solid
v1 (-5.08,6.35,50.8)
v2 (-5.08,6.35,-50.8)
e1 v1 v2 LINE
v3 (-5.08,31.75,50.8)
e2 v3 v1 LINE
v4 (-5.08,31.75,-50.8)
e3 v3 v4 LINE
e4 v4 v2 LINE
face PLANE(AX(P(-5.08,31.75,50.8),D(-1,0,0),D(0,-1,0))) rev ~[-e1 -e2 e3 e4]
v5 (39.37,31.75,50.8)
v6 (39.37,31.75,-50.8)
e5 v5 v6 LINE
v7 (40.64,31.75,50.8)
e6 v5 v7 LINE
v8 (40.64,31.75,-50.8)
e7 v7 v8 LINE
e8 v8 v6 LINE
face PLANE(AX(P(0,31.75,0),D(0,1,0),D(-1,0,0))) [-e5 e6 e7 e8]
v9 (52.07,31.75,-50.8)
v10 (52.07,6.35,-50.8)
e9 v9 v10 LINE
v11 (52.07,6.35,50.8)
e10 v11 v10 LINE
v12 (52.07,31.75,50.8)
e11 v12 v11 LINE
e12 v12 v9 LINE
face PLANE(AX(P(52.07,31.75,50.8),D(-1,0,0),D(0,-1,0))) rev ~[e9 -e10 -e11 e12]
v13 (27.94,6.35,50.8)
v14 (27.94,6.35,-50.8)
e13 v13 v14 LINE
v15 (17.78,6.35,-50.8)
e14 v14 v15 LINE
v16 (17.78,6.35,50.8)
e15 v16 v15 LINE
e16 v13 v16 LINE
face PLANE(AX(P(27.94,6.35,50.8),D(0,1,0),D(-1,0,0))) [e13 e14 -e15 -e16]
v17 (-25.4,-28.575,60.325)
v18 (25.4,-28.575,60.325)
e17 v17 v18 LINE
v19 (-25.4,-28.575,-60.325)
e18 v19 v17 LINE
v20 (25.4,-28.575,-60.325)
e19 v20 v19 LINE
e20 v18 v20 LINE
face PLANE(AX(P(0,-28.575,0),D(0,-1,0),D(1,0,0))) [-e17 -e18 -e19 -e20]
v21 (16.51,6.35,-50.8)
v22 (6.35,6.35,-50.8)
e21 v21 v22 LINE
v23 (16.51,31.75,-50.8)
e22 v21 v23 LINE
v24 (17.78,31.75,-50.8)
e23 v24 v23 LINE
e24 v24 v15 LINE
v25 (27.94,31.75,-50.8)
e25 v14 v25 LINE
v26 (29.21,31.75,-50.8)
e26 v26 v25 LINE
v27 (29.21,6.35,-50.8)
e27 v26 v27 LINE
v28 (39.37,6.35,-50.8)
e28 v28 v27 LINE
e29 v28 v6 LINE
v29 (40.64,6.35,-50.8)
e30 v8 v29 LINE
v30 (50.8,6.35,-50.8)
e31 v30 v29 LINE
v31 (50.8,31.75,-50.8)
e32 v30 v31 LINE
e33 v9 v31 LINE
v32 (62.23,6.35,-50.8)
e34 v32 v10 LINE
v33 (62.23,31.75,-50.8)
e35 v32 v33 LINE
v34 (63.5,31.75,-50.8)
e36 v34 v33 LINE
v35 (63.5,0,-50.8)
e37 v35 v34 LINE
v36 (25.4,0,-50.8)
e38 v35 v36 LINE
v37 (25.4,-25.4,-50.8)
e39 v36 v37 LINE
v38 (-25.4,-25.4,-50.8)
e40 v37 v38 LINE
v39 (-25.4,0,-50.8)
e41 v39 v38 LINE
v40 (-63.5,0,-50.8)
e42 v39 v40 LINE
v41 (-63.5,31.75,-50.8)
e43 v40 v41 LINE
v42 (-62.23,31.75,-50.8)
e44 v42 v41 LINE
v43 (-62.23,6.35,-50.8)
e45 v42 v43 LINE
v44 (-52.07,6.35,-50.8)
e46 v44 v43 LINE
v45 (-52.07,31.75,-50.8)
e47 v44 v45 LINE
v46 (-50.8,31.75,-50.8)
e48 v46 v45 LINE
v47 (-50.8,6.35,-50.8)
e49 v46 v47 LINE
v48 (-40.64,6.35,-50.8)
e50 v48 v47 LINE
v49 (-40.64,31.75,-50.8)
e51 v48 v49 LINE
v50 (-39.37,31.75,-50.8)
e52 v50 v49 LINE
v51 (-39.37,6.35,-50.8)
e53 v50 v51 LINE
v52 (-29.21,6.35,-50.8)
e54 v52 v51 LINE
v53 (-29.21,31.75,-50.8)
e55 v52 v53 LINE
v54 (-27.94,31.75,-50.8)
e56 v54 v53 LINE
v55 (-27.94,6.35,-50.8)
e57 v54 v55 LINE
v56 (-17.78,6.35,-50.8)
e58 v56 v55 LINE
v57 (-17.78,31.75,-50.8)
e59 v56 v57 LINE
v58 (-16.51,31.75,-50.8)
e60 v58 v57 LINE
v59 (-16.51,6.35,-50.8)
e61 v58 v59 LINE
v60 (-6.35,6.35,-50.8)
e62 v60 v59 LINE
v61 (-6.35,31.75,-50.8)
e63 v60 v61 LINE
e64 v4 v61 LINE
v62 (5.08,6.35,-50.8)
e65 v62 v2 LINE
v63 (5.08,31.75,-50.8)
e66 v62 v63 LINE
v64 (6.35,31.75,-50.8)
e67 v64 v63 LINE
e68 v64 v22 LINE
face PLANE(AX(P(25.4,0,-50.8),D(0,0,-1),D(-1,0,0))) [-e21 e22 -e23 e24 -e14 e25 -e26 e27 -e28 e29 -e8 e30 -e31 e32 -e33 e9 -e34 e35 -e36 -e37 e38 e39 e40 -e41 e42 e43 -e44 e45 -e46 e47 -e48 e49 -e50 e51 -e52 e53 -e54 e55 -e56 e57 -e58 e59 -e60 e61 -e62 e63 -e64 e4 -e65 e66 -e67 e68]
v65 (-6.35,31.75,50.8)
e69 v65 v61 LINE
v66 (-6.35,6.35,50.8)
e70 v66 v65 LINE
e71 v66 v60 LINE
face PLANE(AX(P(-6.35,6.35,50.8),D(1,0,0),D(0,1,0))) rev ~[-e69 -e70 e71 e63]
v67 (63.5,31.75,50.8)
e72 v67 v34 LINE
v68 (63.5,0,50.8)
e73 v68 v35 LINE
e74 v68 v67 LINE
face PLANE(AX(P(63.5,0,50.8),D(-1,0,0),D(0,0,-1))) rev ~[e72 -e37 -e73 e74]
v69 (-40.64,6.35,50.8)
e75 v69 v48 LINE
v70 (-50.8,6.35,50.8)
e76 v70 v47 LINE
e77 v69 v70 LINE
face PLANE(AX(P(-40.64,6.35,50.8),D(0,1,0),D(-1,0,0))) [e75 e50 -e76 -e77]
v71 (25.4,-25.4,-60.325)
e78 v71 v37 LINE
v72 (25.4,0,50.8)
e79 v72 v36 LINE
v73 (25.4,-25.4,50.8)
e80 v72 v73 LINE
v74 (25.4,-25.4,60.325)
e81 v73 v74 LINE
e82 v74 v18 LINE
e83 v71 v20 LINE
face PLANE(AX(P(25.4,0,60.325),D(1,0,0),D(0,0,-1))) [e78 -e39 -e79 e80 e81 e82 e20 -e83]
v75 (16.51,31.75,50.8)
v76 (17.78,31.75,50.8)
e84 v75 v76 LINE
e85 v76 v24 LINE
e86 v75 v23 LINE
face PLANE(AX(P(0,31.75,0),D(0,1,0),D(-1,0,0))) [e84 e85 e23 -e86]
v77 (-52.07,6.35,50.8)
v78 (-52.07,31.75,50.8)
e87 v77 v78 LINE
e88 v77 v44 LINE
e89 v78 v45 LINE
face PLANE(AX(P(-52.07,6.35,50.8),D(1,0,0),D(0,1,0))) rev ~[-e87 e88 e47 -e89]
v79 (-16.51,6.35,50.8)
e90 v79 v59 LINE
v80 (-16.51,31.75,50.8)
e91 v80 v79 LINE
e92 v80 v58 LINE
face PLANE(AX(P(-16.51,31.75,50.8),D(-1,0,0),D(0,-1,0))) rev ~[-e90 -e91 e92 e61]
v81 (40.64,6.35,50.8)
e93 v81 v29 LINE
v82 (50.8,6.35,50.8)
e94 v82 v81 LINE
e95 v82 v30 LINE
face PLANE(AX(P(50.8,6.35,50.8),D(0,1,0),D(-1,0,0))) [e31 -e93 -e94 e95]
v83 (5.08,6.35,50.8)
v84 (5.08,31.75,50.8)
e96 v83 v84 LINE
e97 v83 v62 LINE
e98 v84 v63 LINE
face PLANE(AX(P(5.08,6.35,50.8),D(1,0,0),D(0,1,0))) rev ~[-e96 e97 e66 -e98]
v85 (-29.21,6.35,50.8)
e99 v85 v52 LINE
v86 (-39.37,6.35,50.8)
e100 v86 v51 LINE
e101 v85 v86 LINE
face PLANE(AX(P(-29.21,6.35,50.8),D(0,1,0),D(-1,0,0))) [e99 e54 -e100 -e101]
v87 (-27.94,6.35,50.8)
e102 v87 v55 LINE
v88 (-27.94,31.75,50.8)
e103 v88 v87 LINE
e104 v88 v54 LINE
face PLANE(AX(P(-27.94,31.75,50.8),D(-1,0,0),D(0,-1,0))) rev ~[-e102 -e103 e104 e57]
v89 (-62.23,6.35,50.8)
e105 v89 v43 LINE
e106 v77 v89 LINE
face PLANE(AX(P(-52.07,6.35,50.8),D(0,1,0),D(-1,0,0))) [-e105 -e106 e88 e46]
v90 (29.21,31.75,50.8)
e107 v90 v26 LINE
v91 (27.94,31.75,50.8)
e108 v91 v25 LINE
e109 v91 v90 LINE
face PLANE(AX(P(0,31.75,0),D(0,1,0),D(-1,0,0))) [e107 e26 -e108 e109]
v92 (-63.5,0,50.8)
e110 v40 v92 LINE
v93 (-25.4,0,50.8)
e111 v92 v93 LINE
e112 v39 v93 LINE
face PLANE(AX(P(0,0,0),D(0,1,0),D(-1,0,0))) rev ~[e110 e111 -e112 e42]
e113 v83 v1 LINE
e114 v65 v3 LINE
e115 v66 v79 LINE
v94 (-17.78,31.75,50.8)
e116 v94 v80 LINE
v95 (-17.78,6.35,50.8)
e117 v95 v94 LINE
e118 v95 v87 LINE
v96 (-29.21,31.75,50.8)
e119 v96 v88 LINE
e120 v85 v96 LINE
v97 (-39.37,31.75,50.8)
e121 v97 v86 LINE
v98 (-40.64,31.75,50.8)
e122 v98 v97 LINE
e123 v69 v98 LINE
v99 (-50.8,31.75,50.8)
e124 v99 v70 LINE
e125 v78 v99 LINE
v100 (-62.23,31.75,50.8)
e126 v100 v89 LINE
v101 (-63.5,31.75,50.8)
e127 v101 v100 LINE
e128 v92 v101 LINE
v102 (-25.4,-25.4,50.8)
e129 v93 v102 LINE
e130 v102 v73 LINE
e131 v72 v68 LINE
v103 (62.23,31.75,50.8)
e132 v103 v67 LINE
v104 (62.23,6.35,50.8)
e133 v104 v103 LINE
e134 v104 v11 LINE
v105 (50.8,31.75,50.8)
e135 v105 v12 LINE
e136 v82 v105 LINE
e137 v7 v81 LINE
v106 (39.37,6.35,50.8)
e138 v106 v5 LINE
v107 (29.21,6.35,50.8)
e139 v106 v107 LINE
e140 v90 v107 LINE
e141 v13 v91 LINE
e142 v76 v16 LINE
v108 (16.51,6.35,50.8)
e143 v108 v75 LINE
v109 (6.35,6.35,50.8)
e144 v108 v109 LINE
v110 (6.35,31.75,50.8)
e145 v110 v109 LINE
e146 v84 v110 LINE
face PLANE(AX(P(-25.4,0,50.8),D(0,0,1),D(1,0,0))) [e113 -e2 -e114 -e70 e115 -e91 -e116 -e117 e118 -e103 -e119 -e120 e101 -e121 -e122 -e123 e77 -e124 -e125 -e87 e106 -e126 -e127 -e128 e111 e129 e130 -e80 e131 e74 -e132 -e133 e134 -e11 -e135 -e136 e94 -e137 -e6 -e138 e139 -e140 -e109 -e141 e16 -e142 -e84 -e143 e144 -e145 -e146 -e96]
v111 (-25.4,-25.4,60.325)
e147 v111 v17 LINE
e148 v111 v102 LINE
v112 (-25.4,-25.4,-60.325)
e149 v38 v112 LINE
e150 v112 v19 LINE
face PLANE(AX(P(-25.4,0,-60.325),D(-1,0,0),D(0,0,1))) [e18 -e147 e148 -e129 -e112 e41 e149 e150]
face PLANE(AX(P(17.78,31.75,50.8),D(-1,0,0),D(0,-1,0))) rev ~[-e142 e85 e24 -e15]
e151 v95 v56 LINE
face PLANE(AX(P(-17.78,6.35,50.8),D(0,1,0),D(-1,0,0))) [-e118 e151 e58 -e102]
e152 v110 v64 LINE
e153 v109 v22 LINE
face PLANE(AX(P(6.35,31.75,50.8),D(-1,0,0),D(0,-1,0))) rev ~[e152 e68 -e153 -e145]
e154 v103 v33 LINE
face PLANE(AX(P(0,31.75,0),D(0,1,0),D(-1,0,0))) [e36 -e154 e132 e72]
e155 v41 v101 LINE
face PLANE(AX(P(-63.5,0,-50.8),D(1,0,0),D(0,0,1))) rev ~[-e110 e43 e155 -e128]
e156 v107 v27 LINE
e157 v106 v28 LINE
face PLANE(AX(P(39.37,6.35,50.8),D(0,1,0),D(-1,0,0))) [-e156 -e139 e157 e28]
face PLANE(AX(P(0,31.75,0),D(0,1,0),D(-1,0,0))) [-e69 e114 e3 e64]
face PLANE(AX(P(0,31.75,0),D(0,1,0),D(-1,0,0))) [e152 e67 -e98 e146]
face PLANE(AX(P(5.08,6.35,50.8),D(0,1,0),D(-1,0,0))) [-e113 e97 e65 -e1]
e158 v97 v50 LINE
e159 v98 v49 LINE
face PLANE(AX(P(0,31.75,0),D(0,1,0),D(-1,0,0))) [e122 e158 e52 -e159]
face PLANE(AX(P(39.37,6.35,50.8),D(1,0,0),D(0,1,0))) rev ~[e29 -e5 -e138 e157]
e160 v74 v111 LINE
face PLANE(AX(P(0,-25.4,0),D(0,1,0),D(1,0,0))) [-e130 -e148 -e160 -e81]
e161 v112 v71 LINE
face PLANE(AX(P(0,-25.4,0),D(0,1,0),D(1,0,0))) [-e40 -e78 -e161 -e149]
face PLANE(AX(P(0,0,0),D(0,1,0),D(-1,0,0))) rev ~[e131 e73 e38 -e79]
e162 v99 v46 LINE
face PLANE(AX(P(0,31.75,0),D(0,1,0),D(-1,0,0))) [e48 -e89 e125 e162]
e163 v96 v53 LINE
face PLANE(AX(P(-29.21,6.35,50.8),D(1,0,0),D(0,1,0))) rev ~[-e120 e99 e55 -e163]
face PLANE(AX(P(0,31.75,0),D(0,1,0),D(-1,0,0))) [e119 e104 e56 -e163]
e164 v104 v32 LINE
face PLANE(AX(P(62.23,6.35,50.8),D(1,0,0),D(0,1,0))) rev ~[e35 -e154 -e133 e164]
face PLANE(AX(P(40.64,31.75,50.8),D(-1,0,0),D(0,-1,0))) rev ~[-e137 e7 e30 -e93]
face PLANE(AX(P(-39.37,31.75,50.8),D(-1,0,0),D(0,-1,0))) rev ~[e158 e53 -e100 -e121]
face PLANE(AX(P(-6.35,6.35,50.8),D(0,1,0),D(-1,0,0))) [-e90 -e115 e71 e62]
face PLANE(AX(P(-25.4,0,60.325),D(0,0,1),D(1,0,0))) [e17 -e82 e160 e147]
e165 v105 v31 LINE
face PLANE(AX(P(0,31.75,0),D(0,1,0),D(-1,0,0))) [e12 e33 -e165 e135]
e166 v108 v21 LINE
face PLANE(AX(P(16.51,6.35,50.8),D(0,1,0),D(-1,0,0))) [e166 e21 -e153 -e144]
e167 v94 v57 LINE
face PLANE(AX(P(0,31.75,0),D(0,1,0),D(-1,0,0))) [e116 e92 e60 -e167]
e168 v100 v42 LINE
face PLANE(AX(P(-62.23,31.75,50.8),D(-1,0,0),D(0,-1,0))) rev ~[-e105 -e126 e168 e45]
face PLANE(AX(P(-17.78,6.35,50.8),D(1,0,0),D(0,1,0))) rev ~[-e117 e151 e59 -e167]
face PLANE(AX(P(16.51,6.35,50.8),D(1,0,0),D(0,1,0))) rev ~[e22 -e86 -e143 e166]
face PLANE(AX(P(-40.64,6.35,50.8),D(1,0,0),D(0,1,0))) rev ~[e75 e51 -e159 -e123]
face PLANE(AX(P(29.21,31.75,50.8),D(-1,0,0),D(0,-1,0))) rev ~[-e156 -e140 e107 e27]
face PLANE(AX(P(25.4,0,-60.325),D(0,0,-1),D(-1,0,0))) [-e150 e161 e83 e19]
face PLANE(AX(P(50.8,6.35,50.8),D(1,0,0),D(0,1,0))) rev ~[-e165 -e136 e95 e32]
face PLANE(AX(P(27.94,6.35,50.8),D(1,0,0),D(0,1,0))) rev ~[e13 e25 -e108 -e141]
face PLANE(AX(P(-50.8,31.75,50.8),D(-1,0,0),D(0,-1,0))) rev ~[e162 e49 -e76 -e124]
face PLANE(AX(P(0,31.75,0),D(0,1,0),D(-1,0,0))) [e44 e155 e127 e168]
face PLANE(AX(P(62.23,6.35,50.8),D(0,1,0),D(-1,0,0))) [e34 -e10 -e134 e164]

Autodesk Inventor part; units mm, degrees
ref_plane "YZ Plane" through (0, 0, 0) normal (1, 0, 0) x (0, 1, 0)
ref_plane "XZ Plane" through (0, 0, 0) normal (0, 1, 0) x (-1, 0, 0)
ref_plane "XY Plane" through (0, 0, 0) normal (0, 0, 1) x (1, 0, 0)
sketch "Sketch1" plane through (0, 0, 0) normal (0, 1, 0) x (-1, 0, 0)
  line L0 (-63.5, -50.8) -> (63.5, -50.8)
  line L1 (63.5, -50.8) -> (63.5, 50.8)
  line L2 (63.5, 50.8) -> (-63.5, 50.8)
  line L3 (-63.5, 50.8) -> (-63.5, -50.8)
  line L4 (-63.5, -50.8) -> (63.5, 50.8) construction
  line L5 (63.5, -50.8) -> (-63.5, 50.8) construction
  point P0 (0, 0)
  dimension "d0" = 127
  dimension "d1" = 101.6
extrude "Extrusion1" add sketch "Sketch1" along normal blind 31.75
sketch "Sketch2" plane through (-63.5, 0, 50.8) normal (0, 0, 1) x (1, 0, 0)
  line L0 (0, 0) -> (127, 0) projected
  line L1 (0, 0) -> (0, 6.35)
  line L2 (0, 31.75) -> (127, 31.75) projected
  line L3 (0, 6.35) -> (127, 6.35) construction
  line L4 (127, 0) -> (0, 0)
  line L5 (0, 6.35) -> (0, 31.75)
  line L6 (0, 31.75) -> (1.27, 31.75)
  line L7 (1.27, 31.75) -> (1.27, 6.35)
  line L8 (1.27, 6.35) -> (0, 6.35)
  line L9 (127, 0) -> (127, 31.75) projected
  line L10 (127, 31.75) -> (127, 0)
  line L11 (11.43, 6.35) -> (11.43, 31.75)
  line L12 (11.43, 31.75) -> (12.7, 31.75)
  line L13 (12.7, 31.75) -> (12.7, 6.35)
  line L14 (12.7, 6.35) -> (11.43, 6.35)
  line L15 (22.86, 6.35) -> (22.86, 31.75)
  line L16 (22.86, 31.75) -> (24.13, 31.75)
  line L17 (24.13, 31.75) -> (24.13, 6.35)
  line L18 (24.13, 6.35) -> (22.86, 6.35)
  line L19 (34.29, 6.35) -> (34.29, 31.75)
  line L20 (34.29, 31.75) -> (35.56, 31.75)
  line L21 (35.56, 31.75) -> (35.56, 6.35)
  line L22 (35.56, 6.35) -> (34.29, 6.35)
  line L23 (45.72, 6.35) -> (45.72, 31.75)
  line L24 (45.72, 31.75) -> (46.99, 31.75)
  line L25 (46.99, 31.75) -> (46.99, 6.35)
  line L26 (46.99, 6.35) -> (45.72, 6.35)
  line L27 (57.15, 6.35) -> (57.15, 31.75)
  line L28 (57.15, 31.75) -> (58.42, 31.75)
  line L29 (58.42, 31.75) -> (58.42, 6.35)
  line L30 (58.42, 6.35) -> (57.15, 6.35)
  line L31 (68.58, 6.35) -> (68.58, 31.75)
  line L32 (68.58, 31.75) -> (69.85, 31.75)
  line L33 (69.85, 31.75) -> (69.85, 6.35)
  line L34 (69.85, 6.35) -> (68.58, 6.35)
  line L35 (80.01, 6.35) -> (80.01, 31.75)
  line L36 (80.01, 31.75) -> (81.28, 31.75)
  line L37 (81.28, 31.75) -> (81.28, 6.35)
  line L38 (81.28, 6.35) -> (80.01, 6.35)
  line L39 (91.44, 6.35) -> (91.44, 31.75)
  line L40 (91.44, 31.75) -> (92.71, 31.75)
  line L41 (92.71, 31.75) -> (92.71, 6.35)
  line L42 (92.71, 6.35) -> (91.44, 6.35)
  line L43 (102.87, 6.35) -> (102.87, 31.75)
  line L44 (102.87, 31.75) -> (104.14, 31.75)
  line L45 (104.14, 31.75) -> (104.14, 6.35)
  line L46 (104.14, 6.35) -> (102.87, 6.35)
  line L47 (114.3, 6.35) -> (114.3, 31.75)
  line L48 (114.3, 31.75) -> (115.57, 31.75)
  line L49 (115.57, 31.75) -> (115.57, 6.35)
  line L50 (115.57, 6.35) -> (114.3, 6.35)
  line L51 (125.73, 6.35) -> (125.73, 31.75)
  line L52 (125.73, 31.75) -> (127, 31.75)
  line L53 (127, 31.75) -> (127, 6.35)
  line L54 (127, 6.35) -> (125.73, 6.35)
  line L55 (0, 31.75) -> (127, 31.75)
  line L56 (127, 31.75) -> (127, 6.35)
  line L57 (127, 6.35) -> (0, 6.35)
  line L58 (0, 6.35) -> (0, 31.75)
  point P0 (0.635, 31.75)
  point P1 (12.065, 31.75)
  point P2 (23.495, 31.75)
  point P3 (34.925, 31.75)
  point P4 (46.355, 31.75)
  point P5 (57.785, 31.75)
  point P6 (69.215, 31.75)
  point P7 (80.645, 31.75)
  point P8 (92.075, 31.75)
  point P9 (103.505, 31.75)
  point P10 (114.935, 31.75)
  point P11 (126.365, 31.75)
  point P12 (126.365, 31.75)
  point P13 (125.73, 6.35)
  point P14 (115.57, 31.75)
  point P15 (104.14, 6.35)
  point P16 (114.3, 6.35)
  point P17 (114.3, 31.75)
  point P18 (104.14, 31.75)
  point P19 (92.71, 6.35)
  point P20 (102.87, 6.35)
  point P21 (102.87, 31.75)
  point P22 (92.71, 31.75)
  point P23 (81.28, 6.35)
  point P24 (91.44, 6.35)
  point P25 (91.44, 31.75)
  point P26 (81.28, 31.75)
  point P27 (80.01, 6.35)
  point P28 (80.01, 31.75)
  point P29 (69.85, 31.75)
  point P30 (58.42, 6.35)
  point P31 (68.58, 6.35)
  point P32 (68.58, 31.75)
  point P33 (58.42, 31.75)
  point P34 (57.15, 6.35)
  point P35 (57.15, 31.75)
  point P36 (46.99, 31.75)
  point P37 (35.56, 6.35)
  point P38 (45.72, 6.35)
  point P39 (45.72, 31.75)
  point P40 (35.56, 31.75)
  point P41 (24.13, 6.35)
  point P42 (34.29, 31.75)
  point P43 (24.13, 31.75)
  point P44 (12.7, 6.35)
  point P45 (22.86, 31.75)
  point P46 (12.7, 31.75)
  point P47 (11.43, 31.75)
  point P48 (1.27, 31.75)
  dimension "d4" = 6.35
  dimension "d5" = 1.27
  dimension "d36" = 11.43
  dimension "d41" = 0.635
extrude "Extrusion2" cut sketch "Sketch2" against normal blind 122.2375 contours L7 L2 L11 L57 | L57 L49 L2 L51 | L13 L2 L15 L57 | L57 L45 L2 L47 | L17 L2 L19 L57 | L57 L41 L2 L43 | L21 L2 L23 L57 | L57 L37 L2 L39 | L25 L2 L27 L57 | L57 L33 L2 L35 | L29 L2 L31 L57
sketch "Sketch3" plane through (0, 0, 0) normal (0, -1, 0) x (1, 0, 0)
  line L0 (25.4, -60.325) -> (-25.4, -60.325)
  line L1 (-25.4, -60.325) -> (-25.4, 60.325)
  line L2 (-25.4, 60.325) -> (25.4, 60.325)
  line L3 (25.4, 60.325) -> (25.4, -60.325)
  line L4 (25.4, -60.325) -> (-25.4, 60.325) construction
  line L5 (-25.4, -60.325) -> (25.4, 60.325) construction
  point P0 (0, 0)
  dimension "d44" = 50.8
  dimension "d45" = 120.65
extrude "Extrusion3" add sketch "Sketch3" along normal blind 28.575
sketch "Sketch4" plane through (0, 0, 0) normal (0, 1, 0) x (1, 0, 0)
  line L0 (25.4, 50.8) -> (-25.4, 50.8) projected
  line L1 (25.4, 60.325) -> (25.4, 50.8) projected
  line L2 (-25.4, 60.325) -> (25.4, 60.325) projected
  line L3 (-25.4, 50.8) -> (-25.4, 60.325) projected
  line L4 (-25.4, -50.8) -> (25.4, -50.8) projected
  line L5 (-25.4, -60.325) -> (-25.4, -50.8) projected
  line L6 (25.4, -60.325) -> (-25.4, -60.325) projected
  line L7 (25.4, -50.8) -> (25.4, -60.325) projected
  line L8 (-25.4, -60.325) -> (-25.4, 60.325) projected
  line L9 (-25.4, 60.325) -> (25.4, 60.325)
  line L10 (25.4, 60.325) -> (25.4, 50.8)
  line L11 (25.4, 50.8) -> (-25.4, 50.8)
  line L12 (-25.4, 50.8) -> (-25.4, 60.325)
  line L13 (-25.4, -50.8) -> (25.4, -50.8)
  line L14 (25.4, -50.8) -> (25.4, -60.325)
  line L15 (25.4, -60.325) -> (-25.4, -60.325)
  line L16 (-25.4, -60.325) -> (-25.4, -50.8)
  point P0 (0, 0)
extrude "Extrusion4" cut sketch "Sketch4" against normal blind 25.4
properties part number "Heatsink_and_Amplifier"
